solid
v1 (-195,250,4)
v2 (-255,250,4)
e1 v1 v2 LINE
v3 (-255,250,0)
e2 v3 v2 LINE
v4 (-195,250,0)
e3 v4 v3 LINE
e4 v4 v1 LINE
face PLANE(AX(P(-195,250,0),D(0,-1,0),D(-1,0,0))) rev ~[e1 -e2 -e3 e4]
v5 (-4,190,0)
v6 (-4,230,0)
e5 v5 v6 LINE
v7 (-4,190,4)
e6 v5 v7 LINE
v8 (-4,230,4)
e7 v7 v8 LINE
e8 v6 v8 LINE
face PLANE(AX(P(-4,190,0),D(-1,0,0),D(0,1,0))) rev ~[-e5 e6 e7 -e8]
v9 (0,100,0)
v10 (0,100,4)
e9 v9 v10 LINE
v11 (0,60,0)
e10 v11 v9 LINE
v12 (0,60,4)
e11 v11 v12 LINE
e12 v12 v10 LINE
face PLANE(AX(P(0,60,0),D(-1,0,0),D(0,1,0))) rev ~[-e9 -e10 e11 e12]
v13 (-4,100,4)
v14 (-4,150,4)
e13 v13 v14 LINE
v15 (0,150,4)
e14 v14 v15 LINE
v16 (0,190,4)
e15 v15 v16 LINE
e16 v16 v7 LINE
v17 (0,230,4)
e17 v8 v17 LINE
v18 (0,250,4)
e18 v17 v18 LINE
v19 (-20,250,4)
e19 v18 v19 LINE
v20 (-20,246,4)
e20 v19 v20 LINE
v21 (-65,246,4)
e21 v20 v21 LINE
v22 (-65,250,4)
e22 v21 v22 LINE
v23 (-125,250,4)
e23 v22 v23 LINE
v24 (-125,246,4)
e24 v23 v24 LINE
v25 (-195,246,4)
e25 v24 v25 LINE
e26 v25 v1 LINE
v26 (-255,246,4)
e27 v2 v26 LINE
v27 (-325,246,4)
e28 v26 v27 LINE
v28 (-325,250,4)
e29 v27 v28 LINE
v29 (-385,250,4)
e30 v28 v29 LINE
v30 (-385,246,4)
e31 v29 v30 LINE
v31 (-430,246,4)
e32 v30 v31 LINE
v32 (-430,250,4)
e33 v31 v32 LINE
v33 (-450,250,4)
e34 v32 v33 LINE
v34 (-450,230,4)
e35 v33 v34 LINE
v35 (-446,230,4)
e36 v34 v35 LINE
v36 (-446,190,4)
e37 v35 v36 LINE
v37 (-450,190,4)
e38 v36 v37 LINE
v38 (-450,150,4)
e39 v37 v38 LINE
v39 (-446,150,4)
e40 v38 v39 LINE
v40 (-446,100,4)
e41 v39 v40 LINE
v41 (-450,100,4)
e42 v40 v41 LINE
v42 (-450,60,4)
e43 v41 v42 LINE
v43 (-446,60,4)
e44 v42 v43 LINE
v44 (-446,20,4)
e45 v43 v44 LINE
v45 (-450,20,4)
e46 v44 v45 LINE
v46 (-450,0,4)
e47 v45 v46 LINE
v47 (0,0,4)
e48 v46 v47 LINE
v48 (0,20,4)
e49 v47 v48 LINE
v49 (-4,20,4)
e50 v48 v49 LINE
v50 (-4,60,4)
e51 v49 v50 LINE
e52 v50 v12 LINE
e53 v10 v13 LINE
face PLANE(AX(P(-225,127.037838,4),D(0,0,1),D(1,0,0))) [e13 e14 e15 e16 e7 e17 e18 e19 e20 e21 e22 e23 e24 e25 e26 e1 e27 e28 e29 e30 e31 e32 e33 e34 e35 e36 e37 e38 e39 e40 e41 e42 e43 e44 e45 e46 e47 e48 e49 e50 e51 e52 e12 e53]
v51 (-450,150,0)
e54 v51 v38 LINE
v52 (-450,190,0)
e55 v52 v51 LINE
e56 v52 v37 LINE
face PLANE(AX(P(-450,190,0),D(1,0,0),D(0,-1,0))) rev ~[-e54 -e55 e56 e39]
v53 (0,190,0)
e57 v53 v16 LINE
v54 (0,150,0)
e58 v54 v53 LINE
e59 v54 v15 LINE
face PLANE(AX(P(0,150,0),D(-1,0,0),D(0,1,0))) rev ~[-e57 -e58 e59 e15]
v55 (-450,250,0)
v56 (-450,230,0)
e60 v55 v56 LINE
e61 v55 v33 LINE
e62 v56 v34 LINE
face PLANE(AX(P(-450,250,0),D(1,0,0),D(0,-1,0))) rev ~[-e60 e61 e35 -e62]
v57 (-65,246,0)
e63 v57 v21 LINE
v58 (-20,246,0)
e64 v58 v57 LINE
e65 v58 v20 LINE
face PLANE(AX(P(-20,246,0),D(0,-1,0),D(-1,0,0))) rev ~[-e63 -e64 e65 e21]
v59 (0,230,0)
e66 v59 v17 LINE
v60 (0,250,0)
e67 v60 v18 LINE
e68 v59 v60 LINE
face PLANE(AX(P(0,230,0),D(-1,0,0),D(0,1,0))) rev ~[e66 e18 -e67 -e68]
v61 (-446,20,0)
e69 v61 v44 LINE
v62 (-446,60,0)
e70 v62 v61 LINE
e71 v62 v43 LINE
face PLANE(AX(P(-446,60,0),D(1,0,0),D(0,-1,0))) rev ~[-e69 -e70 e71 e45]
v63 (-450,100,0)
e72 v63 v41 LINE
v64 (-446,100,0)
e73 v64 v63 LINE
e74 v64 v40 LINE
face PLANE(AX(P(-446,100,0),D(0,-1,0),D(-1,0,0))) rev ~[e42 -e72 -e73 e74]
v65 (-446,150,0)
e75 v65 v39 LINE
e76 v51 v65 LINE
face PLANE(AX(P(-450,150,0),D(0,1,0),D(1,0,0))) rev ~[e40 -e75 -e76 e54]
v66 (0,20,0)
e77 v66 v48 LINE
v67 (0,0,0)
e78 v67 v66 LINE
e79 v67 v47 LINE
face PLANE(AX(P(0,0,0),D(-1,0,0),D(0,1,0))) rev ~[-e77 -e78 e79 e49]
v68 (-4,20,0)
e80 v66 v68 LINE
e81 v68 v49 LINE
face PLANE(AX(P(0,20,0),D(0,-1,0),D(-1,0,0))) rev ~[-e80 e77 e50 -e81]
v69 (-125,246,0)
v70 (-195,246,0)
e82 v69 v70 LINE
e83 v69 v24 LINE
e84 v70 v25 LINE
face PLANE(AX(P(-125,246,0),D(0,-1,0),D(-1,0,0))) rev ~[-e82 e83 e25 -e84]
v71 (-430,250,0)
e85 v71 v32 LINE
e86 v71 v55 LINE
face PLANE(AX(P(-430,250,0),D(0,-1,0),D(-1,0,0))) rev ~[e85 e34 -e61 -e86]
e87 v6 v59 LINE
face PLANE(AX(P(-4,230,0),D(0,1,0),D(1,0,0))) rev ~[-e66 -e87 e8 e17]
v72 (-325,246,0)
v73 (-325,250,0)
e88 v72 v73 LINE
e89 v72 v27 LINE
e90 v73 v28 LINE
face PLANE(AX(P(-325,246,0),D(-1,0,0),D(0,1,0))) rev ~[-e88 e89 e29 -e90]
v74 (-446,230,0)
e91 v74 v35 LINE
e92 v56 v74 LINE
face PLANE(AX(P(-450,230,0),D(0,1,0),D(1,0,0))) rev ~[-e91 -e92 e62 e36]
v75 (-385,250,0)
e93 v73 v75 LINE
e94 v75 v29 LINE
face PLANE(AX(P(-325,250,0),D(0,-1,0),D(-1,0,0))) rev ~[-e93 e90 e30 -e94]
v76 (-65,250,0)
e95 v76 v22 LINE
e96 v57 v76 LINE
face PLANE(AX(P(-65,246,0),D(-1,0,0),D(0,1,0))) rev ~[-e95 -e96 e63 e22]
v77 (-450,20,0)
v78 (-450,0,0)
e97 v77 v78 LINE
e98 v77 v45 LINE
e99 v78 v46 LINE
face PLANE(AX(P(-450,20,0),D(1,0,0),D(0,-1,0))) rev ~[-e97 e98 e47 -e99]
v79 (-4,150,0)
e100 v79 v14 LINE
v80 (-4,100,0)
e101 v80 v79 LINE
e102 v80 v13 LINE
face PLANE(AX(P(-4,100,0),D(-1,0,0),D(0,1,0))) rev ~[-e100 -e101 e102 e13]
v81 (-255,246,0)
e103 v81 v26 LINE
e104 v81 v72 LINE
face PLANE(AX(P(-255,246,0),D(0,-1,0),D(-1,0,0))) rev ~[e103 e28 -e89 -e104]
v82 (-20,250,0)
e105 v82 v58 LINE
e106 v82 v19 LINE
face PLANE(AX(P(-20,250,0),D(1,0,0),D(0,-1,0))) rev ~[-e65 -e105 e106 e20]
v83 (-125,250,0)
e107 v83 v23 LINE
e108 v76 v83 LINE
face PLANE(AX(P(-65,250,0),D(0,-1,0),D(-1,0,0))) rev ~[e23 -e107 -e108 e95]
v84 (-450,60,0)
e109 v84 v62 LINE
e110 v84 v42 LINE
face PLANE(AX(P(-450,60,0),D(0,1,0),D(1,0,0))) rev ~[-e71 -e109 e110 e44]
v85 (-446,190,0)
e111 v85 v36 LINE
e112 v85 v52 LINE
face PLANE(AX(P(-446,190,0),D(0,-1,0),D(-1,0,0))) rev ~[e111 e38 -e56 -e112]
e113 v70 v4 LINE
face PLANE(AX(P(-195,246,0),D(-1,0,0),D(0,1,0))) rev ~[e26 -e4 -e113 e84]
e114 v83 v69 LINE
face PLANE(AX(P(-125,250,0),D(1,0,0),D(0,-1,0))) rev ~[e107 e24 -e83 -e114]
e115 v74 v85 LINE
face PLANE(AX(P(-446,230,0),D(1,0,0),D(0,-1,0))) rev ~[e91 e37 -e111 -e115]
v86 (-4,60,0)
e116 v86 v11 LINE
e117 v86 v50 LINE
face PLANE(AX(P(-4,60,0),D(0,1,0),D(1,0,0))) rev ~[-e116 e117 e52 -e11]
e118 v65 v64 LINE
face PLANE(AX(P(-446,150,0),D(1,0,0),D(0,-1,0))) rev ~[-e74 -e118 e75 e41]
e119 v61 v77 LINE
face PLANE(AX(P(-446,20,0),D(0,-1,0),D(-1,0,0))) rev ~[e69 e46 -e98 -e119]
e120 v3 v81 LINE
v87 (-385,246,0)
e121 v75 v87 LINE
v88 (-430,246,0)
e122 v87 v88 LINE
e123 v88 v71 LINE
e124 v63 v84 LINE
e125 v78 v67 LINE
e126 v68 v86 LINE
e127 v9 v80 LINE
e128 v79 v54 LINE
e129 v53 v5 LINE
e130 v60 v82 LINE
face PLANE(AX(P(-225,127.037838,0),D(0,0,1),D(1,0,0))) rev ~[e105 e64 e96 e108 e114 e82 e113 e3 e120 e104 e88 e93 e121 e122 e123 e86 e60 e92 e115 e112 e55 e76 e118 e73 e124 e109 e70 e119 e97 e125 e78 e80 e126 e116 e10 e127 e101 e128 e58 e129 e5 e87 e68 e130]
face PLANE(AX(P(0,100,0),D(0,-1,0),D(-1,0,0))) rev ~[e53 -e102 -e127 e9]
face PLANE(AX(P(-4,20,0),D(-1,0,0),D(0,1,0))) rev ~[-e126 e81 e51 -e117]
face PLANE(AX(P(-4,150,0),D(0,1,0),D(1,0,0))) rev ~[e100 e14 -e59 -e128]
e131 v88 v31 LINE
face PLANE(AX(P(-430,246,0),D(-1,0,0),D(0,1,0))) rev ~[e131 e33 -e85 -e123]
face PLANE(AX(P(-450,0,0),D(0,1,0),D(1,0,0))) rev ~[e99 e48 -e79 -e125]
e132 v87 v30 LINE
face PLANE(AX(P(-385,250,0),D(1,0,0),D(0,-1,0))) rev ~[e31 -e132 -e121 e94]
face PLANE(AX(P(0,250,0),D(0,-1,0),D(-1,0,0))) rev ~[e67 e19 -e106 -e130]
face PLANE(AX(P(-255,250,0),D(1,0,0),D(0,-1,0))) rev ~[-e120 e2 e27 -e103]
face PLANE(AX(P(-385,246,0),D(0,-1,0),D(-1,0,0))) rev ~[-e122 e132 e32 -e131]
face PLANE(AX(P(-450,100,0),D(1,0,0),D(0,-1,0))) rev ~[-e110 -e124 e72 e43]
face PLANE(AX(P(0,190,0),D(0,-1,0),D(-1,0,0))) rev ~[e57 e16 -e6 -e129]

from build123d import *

# Parameters (mm, degrees)
F1_DEPTH = 4


with BuildPart() as f1:
    # F0 (on Top) → F1 (new body)
    with BuildSketch(Plane.XY):
        Polygon((-450, 0), (0, 0), (0, 20), (-4, 20), (-4, 60), (0, 60), (0, 100), (-4, 100), (-4, 150), (0, 150), (0, 190), (-4, 190), (-4, 230), (0, 230), (0, 250), (-20, 250), (-20, 246), (-65, 246), (-65, 250), (-125, 250), (-125, 246), (-195, 246), (-195, 250), (-255, 250), (-255, 246), (-325, 246), (-325, 250), (-385, 250), (-385, 246), (-430, 246), (-430, 250), (-450, 250), (-450, 230), (-446, 230), (-446, 190), (-450, 190), (-450, 150), (-446, 150), (-446, 100), (-450, 100), (-450, 60), (-446, 60), (-446, 20), (-450, 20), align=None)
    extrude(amount=F1_DEPTH)


solid = f1.part
